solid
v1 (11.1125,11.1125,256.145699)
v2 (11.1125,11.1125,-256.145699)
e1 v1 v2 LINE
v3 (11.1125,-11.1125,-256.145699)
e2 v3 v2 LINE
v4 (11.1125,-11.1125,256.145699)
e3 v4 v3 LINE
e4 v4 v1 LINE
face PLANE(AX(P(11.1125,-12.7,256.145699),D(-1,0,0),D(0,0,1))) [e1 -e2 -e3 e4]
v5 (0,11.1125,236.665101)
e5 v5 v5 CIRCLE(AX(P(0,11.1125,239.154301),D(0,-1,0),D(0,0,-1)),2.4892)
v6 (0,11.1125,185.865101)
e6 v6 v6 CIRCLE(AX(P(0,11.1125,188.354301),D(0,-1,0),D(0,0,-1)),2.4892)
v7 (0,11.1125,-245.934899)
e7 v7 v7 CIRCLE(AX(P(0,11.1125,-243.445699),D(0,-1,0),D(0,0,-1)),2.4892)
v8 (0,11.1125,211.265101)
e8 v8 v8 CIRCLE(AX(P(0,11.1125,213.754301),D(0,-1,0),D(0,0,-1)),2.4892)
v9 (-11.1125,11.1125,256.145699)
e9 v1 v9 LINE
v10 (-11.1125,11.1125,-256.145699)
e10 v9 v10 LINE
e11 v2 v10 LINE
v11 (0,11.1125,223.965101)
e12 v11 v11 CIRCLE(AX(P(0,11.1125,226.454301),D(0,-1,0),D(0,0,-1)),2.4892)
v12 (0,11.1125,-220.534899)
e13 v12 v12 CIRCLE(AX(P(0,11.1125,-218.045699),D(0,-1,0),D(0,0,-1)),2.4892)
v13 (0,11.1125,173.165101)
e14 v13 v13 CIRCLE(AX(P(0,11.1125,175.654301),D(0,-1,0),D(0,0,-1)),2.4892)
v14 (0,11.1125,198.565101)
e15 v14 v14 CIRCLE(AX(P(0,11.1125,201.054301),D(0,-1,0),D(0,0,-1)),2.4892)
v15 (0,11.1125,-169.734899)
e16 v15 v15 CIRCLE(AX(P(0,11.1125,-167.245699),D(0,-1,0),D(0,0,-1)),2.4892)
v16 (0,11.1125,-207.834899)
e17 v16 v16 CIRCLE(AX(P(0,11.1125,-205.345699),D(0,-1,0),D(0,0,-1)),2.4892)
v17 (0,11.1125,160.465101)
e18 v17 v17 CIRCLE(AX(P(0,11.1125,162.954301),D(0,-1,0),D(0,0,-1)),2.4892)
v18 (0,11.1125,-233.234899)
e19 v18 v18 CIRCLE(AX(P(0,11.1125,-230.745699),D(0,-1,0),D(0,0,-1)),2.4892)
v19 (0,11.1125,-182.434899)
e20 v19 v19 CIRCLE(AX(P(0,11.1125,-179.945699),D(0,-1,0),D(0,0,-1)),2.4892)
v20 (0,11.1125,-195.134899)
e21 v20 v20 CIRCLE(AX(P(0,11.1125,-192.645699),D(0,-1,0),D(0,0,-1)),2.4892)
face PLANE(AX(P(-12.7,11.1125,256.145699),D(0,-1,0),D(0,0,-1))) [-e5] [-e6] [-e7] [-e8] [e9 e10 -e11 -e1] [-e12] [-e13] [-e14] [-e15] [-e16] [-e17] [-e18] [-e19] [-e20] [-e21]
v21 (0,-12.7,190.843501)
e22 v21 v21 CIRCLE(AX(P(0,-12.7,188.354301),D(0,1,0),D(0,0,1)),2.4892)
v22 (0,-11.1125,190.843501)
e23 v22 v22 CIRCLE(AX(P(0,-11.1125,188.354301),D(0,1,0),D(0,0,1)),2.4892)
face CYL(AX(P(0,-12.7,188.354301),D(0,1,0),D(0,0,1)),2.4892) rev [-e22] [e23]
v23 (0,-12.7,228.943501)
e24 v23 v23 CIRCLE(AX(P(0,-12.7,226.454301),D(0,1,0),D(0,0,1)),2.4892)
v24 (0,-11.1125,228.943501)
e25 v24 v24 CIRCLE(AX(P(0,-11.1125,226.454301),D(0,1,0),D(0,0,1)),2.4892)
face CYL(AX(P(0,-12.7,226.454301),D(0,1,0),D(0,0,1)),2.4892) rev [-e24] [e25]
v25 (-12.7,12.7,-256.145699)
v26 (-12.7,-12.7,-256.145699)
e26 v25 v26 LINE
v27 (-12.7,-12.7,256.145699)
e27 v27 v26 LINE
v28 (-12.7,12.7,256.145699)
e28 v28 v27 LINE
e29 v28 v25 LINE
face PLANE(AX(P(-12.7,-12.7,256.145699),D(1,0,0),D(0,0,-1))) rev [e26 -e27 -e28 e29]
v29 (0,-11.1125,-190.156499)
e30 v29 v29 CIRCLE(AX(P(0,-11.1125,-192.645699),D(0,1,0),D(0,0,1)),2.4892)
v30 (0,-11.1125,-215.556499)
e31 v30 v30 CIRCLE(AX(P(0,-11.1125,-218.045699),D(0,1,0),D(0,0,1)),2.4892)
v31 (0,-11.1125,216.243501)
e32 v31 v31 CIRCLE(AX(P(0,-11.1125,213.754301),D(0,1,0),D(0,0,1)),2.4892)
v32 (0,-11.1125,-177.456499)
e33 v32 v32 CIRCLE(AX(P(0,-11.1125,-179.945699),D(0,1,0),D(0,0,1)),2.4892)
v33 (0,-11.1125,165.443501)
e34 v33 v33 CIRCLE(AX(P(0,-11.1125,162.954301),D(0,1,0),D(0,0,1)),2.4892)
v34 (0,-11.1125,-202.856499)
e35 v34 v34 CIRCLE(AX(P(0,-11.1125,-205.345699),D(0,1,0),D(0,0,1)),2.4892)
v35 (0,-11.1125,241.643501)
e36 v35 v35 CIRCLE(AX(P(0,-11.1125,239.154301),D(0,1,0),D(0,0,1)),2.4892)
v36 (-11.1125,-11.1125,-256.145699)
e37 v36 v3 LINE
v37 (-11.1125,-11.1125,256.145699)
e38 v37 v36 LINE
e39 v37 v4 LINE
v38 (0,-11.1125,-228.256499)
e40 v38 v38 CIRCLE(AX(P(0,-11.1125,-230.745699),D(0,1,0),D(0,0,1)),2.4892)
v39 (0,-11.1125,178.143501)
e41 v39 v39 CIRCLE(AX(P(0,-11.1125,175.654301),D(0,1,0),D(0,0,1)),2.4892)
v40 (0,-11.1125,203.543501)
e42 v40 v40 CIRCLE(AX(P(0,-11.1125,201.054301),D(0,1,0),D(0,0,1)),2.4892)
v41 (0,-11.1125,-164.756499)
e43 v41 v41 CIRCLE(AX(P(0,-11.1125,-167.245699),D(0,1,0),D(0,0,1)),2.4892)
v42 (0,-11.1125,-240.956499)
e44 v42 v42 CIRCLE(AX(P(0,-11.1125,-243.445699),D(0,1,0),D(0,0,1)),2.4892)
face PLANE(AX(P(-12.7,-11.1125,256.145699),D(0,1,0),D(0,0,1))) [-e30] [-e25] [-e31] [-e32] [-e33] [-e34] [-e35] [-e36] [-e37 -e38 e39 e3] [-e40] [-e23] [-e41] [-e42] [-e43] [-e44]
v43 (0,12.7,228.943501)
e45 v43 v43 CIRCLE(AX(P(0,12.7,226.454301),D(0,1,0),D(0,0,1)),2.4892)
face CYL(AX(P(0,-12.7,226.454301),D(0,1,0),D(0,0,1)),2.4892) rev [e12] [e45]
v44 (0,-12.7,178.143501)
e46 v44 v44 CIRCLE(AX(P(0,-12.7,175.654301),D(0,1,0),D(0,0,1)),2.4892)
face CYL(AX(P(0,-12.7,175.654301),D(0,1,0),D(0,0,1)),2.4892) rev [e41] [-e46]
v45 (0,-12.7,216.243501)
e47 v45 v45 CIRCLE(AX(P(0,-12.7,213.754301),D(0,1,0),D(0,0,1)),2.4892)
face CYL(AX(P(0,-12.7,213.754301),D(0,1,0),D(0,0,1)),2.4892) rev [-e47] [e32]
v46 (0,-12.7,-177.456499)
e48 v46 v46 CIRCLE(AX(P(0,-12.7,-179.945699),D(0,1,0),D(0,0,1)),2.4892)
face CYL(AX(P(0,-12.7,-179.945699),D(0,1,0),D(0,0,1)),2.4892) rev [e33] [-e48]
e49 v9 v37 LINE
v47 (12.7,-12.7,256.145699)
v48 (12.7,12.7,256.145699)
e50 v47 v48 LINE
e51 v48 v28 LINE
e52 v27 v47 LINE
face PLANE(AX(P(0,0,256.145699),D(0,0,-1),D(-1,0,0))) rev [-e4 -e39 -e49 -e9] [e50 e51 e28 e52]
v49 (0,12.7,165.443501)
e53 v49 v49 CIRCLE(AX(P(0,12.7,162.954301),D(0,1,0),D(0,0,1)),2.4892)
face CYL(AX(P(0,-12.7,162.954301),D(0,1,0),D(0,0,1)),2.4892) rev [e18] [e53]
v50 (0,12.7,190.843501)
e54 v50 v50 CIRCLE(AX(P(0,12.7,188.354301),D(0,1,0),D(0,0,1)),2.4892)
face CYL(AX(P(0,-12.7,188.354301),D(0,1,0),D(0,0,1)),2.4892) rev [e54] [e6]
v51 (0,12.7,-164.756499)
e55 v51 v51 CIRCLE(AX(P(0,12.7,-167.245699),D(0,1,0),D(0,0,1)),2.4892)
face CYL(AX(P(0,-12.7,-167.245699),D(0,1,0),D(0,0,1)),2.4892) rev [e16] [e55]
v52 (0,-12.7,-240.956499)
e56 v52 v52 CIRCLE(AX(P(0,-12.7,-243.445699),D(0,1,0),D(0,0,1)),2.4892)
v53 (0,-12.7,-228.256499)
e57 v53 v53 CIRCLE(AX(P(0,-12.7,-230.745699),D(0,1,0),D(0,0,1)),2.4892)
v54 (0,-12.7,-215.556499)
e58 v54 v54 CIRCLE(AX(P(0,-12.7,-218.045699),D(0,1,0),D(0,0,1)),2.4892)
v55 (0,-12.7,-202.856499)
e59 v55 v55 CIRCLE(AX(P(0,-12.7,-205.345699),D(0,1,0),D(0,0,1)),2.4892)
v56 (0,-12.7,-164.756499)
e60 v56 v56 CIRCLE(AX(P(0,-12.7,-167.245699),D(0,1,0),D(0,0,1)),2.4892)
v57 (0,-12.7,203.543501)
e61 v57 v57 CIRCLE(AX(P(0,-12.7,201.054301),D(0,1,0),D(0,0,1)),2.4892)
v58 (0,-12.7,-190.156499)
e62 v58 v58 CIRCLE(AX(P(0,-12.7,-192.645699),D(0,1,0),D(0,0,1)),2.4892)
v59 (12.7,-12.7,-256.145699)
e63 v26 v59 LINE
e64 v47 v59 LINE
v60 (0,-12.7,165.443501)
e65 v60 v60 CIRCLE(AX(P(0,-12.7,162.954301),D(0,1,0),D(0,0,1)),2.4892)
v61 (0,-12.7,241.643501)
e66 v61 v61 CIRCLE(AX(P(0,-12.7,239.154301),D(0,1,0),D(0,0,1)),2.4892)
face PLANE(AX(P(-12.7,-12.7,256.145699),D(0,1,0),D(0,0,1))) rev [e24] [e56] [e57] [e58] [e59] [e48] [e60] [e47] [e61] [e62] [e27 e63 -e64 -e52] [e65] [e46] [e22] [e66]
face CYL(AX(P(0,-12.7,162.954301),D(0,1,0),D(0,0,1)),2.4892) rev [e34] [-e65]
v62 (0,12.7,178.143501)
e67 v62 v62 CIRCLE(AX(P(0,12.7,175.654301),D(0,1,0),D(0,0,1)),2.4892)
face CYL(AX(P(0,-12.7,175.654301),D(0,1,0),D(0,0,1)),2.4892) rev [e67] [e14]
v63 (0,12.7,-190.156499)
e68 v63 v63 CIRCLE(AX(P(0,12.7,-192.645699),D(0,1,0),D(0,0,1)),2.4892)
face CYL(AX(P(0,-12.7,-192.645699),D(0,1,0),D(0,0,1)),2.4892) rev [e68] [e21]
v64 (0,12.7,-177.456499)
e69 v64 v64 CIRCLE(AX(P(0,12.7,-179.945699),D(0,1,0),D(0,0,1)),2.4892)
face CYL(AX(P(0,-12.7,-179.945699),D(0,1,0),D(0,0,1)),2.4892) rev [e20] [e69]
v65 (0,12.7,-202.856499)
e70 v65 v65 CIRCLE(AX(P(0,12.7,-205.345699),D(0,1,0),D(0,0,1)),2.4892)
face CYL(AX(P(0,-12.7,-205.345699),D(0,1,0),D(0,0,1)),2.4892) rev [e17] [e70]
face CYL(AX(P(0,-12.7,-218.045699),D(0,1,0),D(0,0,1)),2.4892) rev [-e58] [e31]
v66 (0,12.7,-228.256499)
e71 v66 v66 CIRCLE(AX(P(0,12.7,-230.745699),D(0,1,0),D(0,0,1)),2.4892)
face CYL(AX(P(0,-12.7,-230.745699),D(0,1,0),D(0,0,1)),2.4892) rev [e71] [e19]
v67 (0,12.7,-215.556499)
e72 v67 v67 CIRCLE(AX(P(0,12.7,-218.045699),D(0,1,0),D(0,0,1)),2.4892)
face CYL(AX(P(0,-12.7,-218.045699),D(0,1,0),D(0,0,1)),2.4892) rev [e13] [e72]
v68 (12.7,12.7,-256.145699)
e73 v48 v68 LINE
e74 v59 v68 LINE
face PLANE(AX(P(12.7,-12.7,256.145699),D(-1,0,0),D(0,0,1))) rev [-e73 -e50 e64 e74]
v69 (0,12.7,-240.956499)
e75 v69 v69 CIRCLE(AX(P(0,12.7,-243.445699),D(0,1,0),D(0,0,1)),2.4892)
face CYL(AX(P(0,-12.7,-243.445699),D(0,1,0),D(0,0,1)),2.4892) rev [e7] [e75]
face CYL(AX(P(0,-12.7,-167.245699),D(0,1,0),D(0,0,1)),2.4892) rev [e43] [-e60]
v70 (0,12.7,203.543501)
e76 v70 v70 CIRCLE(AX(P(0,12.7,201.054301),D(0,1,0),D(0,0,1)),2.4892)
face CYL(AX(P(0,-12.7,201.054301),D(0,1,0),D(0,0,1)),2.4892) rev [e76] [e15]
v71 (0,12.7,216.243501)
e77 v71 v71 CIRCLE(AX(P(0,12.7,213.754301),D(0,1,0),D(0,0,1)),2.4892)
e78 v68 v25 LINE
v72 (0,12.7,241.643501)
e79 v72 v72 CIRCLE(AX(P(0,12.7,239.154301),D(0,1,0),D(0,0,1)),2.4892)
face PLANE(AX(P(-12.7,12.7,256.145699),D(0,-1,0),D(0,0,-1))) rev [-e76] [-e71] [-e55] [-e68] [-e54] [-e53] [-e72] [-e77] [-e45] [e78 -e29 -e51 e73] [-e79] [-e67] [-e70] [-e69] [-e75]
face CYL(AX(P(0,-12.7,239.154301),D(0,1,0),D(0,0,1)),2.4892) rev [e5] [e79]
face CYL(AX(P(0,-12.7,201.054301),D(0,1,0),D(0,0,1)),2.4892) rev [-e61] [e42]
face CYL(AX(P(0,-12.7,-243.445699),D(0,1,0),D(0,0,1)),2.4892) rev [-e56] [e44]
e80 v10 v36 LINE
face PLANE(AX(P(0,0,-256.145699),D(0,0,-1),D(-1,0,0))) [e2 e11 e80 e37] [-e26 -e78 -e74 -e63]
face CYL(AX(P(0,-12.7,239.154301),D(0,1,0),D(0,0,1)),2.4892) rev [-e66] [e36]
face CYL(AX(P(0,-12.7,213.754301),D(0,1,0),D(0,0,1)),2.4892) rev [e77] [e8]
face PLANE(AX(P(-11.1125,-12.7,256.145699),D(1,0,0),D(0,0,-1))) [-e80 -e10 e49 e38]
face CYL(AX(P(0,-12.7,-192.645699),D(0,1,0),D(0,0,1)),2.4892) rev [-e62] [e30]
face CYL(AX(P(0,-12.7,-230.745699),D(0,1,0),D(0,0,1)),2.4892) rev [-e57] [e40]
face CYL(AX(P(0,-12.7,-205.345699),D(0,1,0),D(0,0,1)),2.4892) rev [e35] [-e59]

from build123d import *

# Parameters (mm, degrees)
SKETCH1_W               = 25.4
SKETCH1_H               = 25.4
BOSS_EXTRUDE1_DEPTH     = 256.145698528
SHELL1_T                = -1.5875
CUT_EXTRUDE1_DEPTH      = 257.774607145
CUT_EXTRUDE1_DEPTH_BACK = 257.774607145
SKETCH3_R               = 2.4892


with BuildPart() as part:
    # Sketch1 → Boss-Extrude1 (new, symmetric)
    with BuildSketch(Plane.XY):
        Rectangle(SKETCH1_W, SKETCH1_H)
    extrude(amount=BOSS_EXTRUDE1_DEPTH, both=True)

    # Shell1
    shell1_openings = [part.faces().sort_by_distance(p)[0] for p in [
        (0, 0, 256.145698528),
        (0, 0, -256.145698528),
    ]]
    offset(amount=SHELL1_T, openings=shell1_openings, kind=Kind.INTERSECTION)

    # Sketch3 → Cut-Extrude1 (cut, two sides: drawn at the far end of the back side and taken through both)
    with BuildSketch(Plane(origin=(0, 0, 0), x_dir=(1, 0, 0), z_dir=(0, 1, 0)).offset(-CUT_EXTRUDE1_DEPTH_BACK)):
        with Locations(Location((0, 243.445698528, 0), (0, 0, 270))):
            Circle(SKETCH3_R)
        with Locations(Location((0, 230.745698528, 0), (0, 0, 270))):
            Circle(SKETCH3_R)
        with Locations(Location((0, 218.045698528, 0), (0, 0, 270))):
            Circle(SKETCH3_R)
        with Locations(Location((0, 205.345698528, 0), (0, 0, 270))):
            Circle(SKETCH3_R)
        with Locations(Location((0, 192.645698528, 0), (0, 0, 270))):
            Circle(SKETCH3_R)
        with Locations(Location((0, 179.945698528, 0), (0, 0, 270))):
            Circle(SKETCH3_R)
        with Locations(Location((0, 167.245698528, 0), (0, 0, 270))):
            Circle(SKETCH3_R)
        with Locations(Location((0, -162.954301472, 0), (0, 0, 270))):
            Circle(SKETCH3_R)
        with Locations(Location((0, -175.654301472, 0), (0, 0, 270))):
            Circle(SKETCH3_R)
        with Locations(Location((0, -188.354301472, 0), (0, 0, 270))):
            Circle(SKETCH3_R)
        with Locations(Location((0, -201.054301472, 0), (0, 0, 270))):
            Circle(SKETCH3_R)
        with Locations(Location((0, -213.754301472, 0), (0, 0, 270))):
            Circle(SKETCH3_R)
        with Locations(Location((0, -226.454301472, 0), (0, 0, 270))):
            Circle(SKETCH3_R)
        with Locations(Location((0, -239.154301472, 0), (0, 0, 270))):
            Circle(SKETCH3_R)
    extrude(amount=CUT_EXTRUDE1_DEPTH + CUT_EXTRUDE1_DEPTH_BACK, mode=Mode.SUBTRACT)


solid = part.part
